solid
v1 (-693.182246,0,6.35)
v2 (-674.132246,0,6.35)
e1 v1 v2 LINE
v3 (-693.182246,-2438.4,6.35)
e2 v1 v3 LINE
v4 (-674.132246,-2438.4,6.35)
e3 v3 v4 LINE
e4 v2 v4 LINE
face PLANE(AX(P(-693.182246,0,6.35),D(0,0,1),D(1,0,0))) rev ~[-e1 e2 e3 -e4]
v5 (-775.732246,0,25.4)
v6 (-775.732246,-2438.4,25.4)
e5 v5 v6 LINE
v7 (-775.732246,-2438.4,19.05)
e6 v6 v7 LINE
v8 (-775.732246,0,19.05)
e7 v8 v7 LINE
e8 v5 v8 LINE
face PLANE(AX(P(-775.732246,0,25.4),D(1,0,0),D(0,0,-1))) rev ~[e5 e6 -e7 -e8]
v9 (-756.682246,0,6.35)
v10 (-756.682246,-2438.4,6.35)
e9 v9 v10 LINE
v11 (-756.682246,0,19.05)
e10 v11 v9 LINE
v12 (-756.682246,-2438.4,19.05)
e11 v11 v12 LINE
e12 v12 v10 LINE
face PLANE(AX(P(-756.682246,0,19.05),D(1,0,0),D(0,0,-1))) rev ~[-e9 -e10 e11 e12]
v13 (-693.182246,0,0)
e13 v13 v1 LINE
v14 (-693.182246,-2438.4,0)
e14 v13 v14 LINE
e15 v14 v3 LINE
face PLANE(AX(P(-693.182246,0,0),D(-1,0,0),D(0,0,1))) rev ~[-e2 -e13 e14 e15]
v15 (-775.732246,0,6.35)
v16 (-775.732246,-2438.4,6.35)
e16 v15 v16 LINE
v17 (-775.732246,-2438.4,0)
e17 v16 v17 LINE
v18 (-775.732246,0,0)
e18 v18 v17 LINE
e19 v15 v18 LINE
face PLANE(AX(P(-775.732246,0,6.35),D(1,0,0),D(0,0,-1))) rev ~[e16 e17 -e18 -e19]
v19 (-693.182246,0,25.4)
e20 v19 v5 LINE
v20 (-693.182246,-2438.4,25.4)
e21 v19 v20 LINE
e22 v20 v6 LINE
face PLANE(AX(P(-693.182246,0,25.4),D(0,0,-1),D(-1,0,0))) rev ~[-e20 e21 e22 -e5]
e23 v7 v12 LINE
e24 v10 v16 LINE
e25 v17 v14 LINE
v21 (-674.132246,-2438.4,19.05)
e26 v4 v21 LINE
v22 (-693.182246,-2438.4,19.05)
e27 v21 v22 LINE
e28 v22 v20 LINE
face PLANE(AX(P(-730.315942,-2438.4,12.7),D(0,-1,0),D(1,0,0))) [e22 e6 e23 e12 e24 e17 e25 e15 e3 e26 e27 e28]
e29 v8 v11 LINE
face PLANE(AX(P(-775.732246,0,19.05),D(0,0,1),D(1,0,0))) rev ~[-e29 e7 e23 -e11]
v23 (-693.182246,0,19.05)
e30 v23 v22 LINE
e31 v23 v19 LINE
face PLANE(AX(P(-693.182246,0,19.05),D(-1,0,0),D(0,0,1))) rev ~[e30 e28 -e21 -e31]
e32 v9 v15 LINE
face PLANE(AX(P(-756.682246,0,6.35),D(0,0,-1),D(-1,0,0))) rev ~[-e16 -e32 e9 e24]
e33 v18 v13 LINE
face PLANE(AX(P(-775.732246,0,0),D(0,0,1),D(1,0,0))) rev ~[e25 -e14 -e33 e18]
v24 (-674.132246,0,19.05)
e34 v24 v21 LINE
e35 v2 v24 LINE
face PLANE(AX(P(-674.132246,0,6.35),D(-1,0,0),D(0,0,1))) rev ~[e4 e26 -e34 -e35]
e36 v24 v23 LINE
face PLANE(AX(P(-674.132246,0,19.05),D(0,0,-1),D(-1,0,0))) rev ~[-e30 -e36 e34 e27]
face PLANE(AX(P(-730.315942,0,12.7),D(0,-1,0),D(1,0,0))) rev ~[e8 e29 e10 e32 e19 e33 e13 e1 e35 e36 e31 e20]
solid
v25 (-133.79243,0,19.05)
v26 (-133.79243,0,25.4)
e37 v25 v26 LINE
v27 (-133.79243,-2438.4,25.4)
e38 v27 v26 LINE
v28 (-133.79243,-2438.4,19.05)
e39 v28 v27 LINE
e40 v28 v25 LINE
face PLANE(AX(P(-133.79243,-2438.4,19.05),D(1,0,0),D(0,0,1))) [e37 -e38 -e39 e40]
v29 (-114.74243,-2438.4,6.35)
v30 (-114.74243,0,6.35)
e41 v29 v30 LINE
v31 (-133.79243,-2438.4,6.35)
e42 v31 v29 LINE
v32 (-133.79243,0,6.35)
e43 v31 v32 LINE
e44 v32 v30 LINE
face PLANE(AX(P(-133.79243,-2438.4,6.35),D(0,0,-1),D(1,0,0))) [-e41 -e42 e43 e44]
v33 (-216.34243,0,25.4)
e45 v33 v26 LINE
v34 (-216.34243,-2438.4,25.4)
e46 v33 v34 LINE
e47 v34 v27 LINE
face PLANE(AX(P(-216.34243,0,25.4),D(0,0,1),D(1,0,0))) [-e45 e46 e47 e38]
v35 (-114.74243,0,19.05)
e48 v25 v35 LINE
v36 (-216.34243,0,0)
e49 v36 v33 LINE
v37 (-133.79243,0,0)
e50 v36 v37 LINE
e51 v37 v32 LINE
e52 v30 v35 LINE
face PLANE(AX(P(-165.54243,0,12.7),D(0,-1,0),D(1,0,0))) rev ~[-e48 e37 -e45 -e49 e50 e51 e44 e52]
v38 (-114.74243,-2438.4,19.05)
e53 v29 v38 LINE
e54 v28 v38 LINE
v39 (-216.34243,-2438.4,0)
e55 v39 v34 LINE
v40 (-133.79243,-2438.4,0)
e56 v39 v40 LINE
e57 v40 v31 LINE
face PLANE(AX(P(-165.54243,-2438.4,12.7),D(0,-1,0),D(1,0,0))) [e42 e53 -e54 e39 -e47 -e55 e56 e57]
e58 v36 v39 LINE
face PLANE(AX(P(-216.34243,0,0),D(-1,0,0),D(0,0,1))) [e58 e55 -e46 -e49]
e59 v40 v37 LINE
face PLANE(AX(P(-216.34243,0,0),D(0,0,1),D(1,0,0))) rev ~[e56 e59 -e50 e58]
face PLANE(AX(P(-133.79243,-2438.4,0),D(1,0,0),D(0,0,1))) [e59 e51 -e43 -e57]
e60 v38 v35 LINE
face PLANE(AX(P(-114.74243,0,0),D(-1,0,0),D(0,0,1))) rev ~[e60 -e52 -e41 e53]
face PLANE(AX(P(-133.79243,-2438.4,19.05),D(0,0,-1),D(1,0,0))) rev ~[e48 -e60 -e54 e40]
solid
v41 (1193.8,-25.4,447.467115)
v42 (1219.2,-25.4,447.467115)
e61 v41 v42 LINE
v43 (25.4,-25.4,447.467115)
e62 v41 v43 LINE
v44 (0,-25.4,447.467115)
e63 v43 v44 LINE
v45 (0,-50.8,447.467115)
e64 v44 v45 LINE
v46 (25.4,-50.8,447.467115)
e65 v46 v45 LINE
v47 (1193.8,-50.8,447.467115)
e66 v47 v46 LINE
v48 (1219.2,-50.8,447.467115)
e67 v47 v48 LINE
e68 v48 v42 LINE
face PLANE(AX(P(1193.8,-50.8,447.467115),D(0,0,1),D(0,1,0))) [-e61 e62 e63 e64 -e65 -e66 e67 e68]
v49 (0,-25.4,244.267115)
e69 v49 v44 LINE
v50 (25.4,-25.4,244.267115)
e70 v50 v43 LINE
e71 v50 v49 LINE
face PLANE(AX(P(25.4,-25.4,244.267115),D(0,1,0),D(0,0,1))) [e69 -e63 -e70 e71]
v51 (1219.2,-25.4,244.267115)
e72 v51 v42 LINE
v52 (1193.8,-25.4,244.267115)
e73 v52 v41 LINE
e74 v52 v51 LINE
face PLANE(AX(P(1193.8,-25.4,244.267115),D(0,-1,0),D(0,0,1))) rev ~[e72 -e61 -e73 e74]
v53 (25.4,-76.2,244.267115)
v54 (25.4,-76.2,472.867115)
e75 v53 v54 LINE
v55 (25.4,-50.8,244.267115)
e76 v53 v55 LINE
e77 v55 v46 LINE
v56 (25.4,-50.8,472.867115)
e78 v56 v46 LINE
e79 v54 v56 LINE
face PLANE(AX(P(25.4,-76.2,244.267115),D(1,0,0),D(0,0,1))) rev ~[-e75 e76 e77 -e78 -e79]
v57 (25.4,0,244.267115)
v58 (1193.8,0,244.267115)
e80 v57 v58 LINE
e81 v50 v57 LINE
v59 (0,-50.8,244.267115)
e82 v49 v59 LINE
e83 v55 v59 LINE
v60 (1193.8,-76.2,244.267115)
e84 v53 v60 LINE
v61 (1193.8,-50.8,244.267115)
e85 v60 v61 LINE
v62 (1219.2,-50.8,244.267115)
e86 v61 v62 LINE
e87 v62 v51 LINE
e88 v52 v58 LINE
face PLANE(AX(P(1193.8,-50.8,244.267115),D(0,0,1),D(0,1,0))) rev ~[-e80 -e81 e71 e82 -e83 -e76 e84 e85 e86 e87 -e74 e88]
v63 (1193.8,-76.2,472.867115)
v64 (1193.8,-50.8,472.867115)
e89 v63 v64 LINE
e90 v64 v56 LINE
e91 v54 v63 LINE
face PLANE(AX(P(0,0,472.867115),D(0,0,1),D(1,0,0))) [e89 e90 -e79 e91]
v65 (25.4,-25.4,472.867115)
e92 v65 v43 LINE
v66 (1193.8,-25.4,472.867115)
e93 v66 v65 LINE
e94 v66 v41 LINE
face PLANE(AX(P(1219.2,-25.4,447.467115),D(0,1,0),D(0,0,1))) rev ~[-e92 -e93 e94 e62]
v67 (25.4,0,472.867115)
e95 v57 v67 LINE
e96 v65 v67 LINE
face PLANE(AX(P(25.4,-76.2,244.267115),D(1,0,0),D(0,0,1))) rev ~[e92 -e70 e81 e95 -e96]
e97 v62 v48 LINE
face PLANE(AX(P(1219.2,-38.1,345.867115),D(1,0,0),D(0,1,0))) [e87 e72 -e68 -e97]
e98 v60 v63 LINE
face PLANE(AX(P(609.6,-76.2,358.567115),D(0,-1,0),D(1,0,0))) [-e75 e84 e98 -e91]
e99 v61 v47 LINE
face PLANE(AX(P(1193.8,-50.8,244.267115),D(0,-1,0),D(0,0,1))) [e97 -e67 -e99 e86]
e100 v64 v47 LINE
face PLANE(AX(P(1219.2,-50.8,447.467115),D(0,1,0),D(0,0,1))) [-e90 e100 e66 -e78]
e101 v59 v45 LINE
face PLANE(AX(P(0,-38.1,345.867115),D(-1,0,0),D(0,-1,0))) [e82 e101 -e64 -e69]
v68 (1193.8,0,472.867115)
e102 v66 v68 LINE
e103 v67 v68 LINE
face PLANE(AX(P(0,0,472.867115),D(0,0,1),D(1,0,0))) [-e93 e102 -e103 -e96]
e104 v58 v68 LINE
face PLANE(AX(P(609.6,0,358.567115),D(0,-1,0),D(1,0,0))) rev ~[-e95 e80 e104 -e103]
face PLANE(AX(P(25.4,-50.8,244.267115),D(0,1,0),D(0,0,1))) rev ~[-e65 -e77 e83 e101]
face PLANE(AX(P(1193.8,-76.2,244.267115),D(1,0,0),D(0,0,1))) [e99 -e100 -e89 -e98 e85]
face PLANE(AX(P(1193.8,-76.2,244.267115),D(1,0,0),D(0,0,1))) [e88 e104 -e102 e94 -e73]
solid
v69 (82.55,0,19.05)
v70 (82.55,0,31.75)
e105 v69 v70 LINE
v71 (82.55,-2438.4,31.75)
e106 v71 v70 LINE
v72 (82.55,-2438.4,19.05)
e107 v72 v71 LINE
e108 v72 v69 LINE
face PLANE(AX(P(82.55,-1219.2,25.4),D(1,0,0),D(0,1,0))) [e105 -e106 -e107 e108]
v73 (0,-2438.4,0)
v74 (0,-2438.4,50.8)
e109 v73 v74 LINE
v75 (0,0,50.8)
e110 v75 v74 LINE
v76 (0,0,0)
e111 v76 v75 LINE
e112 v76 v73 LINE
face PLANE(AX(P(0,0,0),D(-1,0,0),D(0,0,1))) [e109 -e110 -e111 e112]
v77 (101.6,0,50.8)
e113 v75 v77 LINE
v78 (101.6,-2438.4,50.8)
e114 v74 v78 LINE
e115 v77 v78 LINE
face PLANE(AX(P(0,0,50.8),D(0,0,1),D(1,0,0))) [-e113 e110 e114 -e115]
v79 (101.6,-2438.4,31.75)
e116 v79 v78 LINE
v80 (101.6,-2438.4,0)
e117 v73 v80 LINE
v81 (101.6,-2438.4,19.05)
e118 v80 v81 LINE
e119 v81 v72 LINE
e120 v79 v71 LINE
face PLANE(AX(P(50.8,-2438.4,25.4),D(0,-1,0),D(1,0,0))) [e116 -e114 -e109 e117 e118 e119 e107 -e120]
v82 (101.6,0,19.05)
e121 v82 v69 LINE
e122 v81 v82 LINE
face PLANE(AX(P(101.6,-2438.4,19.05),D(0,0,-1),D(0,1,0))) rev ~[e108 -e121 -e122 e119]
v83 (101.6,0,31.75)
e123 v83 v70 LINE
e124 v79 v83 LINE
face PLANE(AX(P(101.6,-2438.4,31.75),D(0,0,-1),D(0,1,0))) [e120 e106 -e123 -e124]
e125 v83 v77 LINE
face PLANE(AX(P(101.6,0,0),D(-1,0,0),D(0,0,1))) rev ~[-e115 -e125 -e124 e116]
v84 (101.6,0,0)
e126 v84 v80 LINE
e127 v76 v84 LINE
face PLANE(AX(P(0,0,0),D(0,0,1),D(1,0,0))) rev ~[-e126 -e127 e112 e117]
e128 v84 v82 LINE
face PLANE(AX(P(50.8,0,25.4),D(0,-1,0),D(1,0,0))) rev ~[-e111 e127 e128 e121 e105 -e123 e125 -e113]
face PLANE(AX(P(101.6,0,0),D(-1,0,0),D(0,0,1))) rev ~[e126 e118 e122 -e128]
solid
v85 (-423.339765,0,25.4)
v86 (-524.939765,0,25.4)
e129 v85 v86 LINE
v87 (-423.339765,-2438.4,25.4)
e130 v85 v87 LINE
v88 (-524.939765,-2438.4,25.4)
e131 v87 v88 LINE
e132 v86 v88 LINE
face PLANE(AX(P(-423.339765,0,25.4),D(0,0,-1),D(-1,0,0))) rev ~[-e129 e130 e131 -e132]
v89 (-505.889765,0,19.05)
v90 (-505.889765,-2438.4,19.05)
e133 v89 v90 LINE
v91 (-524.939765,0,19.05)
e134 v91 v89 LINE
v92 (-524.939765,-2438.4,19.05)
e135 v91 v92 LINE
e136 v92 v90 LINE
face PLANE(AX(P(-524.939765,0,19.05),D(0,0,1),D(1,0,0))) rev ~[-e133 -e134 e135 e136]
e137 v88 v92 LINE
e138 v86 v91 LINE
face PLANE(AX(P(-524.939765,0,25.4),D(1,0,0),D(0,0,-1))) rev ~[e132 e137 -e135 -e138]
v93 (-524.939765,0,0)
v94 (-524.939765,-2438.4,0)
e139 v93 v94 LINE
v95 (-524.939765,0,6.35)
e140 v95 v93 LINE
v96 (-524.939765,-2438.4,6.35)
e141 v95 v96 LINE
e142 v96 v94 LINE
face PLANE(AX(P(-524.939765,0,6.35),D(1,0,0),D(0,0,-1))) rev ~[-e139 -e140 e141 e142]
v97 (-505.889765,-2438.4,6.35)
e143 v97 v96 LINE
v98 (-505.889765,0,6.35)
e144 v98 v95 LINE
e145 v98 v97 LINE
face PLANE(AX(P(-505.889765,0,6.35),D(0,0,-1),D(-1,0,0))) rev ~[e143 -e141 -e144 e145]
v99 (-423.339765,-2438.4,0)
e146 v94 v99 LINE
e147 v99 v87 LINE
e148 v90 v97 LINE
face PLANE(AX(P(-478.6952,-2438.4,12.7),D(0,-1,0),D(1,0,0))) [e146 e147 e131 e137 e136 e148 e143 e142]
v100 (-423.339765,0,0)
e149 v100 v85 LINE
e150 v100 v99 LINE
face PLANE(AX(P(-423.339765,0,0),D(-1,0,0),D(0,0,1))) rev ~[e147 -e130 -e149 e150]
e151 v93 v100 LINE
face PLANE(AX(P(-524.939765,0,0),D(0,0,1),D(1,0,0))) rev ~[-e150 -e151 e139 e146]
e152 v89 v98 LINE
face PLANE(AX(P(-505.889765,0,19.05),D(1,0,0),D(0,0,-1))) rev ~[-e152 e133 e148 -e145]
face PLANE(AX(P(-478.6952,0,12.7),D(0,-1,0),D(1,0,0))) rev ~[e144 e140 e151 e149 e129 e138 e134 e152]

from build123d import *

# Parameters (mm, degrees)
F0_W      = 101.6
F0_H      = 50.8
F1_DEPTH  = 2438.4
F2_W      = 2438.4
F2_H      = 12.7
F3_DEPTH  = 19.05
F4_W      = 101.6
F4_H      = 25.4
F5_DEPTH  = 2438.4
F6_W      = 19.05
F6_H      = 6.35
F7_DEPTH  = 2438.4
F9_DEPTH  = 2438.4
F11_DEPTH = 2438.4
F12_W     = 1219.2
F12_H     = 228.6
F13_DEPTH = 76.2
F14_W     = 25.4
F14_H     = 25.4
F15_DEPTH = 2438.4
F16_W     = 25.4
F16_H     = 228.6
F17_DEPTH = 254
F18_W     = 25.4
F18_H     = 203.2
F19_DEPTH = 25.4
F20_W     = 25.4
F20_H     = 203.2
F21_DEPTH = 25.4


with BuildPart() as f1:
    # F0 (on Front) → F1 (new body)
    with BuildSketch(Plane.XZ):
        with Locations((50.8, 25.4)):
            Rectangle(F0_W, F0_H)
    extrude(amount=F1_DEPTH)

    # F2 (on face) → F3 (cut)
    with BuildSketch(Plane.YZ.offset(101.6)):
        with Locations((-1219.2, 25.4)):
            Rectangle(F2_W, F2_H)
    extrude(amount=-F3_DEPTH, mode=Mode.SUBTRACT)


with BuildPart() as f5:
    # F4 (on Front) → F5 (new body)
    with BuildSketch(Plane.XZ):
        with Locations((-165.54243, 12.7)):
            Rectangle(F4_W, F4_H)
    extrude(amount=F5_DEPTH)

    # F6 (on face) → F7 (cut)
    with BuildSketch(Plane.XZ.offset(2438.4)):
        with Locations((-124.26743, 22.225)):
            Rectangle(F6_W, F6_H)
        with Locations((-124.26743, 3.175)):
            Rectangle(F6_W, F6_H)
    extrude(amount=-F7_DEPTH, mode=Mode.SUBTRACT)


with BuildPart() as f9:
    # F8 (on Front) → F9 (new body)
    with BuildSketch(Plane.XZ):
        Polygon((-524.939765, 0), (-423.339765, 0), (-423.339765, 25.4), (-524.939765, 25.4), (-524.939765, 19.05), (-505.889765, 19.05), (-505.889765, 6.35), (-524.939765, 6.35), align=None)
    extrude(amount=F9_DEPTH)


with BuildPart() as f11:
    # F10 (on Front) → F11 (new body)
    with BuildSketch(Plane.XZ):
        Polygon((-775.732246, 0), (-693.182246, 0), (-693.182246, 6.35), (-674.132246, 6.35), (-674.132246, 19.05), (-693.182246, 19.05), (-693.182246, 25.4), (-775.732246, 25.4), (-775.732246, 19.05), (-756.682246, 19.05), (-756.682246, 6.35), (-775.732246, 6.35), align=None)
    extrude(amount=F11_DEPTH)


with BuildPart() as f13:
    # F12 (on Front) → F13 (new body)
    with BuildSketch(Plane.XZ):
        with Locations((609.6, 358.567115)):
            Rectangle(F12_W, F12_H)
    extrude(amount=F13_DEPTH)

    # F14 (on face) → F15 (cut)
    with BuildSketch(Plane.YZ.offset(1219.2)):
        with Locations((-38.1, 460.167115)):
            Rectangle(F14_W, F14_H)
    extrude(amount=-F15_DEPTH, mode=Mode.SUBTRACT)

    # F16 (on face) → F17 (cut)
    with BuildSketch(Plane.XZ.offset(76.2)):
        with Locations((1206.5, 358.567115)):
            Rectangle(F16_W, F16_H)
        with Locations((12.7, 358.567115)):
            Rectangle(F16_W, F16_H)
    extrude(amount=-F17_DEPTH, mode=Mode.SUBTRACT)

    # F18 (on face) → F19 (join)
    with BuildSketch(Plane(origin=(25.4, 0, 0), x_dir=(0, -1, 0), z_dir=(-1, 0, 0))):
        with Locations((38.1, 345.867115)):
            Rectangle(F18_W, F18_H)
    extrude(amount=F19_DEPTH)

    # F20 (on face) → F21 (join)
    with BuildSketch(Plane.YZ.offset(1193.8)):
        with Locations((-38.1, 345.867115)):
            Rectangle(F20_W, F20_H)
    extrude(amount=F21_DEPTH)


solid = Compound([f1.part, f5.part, f9.part, f11.part, f13.part])
